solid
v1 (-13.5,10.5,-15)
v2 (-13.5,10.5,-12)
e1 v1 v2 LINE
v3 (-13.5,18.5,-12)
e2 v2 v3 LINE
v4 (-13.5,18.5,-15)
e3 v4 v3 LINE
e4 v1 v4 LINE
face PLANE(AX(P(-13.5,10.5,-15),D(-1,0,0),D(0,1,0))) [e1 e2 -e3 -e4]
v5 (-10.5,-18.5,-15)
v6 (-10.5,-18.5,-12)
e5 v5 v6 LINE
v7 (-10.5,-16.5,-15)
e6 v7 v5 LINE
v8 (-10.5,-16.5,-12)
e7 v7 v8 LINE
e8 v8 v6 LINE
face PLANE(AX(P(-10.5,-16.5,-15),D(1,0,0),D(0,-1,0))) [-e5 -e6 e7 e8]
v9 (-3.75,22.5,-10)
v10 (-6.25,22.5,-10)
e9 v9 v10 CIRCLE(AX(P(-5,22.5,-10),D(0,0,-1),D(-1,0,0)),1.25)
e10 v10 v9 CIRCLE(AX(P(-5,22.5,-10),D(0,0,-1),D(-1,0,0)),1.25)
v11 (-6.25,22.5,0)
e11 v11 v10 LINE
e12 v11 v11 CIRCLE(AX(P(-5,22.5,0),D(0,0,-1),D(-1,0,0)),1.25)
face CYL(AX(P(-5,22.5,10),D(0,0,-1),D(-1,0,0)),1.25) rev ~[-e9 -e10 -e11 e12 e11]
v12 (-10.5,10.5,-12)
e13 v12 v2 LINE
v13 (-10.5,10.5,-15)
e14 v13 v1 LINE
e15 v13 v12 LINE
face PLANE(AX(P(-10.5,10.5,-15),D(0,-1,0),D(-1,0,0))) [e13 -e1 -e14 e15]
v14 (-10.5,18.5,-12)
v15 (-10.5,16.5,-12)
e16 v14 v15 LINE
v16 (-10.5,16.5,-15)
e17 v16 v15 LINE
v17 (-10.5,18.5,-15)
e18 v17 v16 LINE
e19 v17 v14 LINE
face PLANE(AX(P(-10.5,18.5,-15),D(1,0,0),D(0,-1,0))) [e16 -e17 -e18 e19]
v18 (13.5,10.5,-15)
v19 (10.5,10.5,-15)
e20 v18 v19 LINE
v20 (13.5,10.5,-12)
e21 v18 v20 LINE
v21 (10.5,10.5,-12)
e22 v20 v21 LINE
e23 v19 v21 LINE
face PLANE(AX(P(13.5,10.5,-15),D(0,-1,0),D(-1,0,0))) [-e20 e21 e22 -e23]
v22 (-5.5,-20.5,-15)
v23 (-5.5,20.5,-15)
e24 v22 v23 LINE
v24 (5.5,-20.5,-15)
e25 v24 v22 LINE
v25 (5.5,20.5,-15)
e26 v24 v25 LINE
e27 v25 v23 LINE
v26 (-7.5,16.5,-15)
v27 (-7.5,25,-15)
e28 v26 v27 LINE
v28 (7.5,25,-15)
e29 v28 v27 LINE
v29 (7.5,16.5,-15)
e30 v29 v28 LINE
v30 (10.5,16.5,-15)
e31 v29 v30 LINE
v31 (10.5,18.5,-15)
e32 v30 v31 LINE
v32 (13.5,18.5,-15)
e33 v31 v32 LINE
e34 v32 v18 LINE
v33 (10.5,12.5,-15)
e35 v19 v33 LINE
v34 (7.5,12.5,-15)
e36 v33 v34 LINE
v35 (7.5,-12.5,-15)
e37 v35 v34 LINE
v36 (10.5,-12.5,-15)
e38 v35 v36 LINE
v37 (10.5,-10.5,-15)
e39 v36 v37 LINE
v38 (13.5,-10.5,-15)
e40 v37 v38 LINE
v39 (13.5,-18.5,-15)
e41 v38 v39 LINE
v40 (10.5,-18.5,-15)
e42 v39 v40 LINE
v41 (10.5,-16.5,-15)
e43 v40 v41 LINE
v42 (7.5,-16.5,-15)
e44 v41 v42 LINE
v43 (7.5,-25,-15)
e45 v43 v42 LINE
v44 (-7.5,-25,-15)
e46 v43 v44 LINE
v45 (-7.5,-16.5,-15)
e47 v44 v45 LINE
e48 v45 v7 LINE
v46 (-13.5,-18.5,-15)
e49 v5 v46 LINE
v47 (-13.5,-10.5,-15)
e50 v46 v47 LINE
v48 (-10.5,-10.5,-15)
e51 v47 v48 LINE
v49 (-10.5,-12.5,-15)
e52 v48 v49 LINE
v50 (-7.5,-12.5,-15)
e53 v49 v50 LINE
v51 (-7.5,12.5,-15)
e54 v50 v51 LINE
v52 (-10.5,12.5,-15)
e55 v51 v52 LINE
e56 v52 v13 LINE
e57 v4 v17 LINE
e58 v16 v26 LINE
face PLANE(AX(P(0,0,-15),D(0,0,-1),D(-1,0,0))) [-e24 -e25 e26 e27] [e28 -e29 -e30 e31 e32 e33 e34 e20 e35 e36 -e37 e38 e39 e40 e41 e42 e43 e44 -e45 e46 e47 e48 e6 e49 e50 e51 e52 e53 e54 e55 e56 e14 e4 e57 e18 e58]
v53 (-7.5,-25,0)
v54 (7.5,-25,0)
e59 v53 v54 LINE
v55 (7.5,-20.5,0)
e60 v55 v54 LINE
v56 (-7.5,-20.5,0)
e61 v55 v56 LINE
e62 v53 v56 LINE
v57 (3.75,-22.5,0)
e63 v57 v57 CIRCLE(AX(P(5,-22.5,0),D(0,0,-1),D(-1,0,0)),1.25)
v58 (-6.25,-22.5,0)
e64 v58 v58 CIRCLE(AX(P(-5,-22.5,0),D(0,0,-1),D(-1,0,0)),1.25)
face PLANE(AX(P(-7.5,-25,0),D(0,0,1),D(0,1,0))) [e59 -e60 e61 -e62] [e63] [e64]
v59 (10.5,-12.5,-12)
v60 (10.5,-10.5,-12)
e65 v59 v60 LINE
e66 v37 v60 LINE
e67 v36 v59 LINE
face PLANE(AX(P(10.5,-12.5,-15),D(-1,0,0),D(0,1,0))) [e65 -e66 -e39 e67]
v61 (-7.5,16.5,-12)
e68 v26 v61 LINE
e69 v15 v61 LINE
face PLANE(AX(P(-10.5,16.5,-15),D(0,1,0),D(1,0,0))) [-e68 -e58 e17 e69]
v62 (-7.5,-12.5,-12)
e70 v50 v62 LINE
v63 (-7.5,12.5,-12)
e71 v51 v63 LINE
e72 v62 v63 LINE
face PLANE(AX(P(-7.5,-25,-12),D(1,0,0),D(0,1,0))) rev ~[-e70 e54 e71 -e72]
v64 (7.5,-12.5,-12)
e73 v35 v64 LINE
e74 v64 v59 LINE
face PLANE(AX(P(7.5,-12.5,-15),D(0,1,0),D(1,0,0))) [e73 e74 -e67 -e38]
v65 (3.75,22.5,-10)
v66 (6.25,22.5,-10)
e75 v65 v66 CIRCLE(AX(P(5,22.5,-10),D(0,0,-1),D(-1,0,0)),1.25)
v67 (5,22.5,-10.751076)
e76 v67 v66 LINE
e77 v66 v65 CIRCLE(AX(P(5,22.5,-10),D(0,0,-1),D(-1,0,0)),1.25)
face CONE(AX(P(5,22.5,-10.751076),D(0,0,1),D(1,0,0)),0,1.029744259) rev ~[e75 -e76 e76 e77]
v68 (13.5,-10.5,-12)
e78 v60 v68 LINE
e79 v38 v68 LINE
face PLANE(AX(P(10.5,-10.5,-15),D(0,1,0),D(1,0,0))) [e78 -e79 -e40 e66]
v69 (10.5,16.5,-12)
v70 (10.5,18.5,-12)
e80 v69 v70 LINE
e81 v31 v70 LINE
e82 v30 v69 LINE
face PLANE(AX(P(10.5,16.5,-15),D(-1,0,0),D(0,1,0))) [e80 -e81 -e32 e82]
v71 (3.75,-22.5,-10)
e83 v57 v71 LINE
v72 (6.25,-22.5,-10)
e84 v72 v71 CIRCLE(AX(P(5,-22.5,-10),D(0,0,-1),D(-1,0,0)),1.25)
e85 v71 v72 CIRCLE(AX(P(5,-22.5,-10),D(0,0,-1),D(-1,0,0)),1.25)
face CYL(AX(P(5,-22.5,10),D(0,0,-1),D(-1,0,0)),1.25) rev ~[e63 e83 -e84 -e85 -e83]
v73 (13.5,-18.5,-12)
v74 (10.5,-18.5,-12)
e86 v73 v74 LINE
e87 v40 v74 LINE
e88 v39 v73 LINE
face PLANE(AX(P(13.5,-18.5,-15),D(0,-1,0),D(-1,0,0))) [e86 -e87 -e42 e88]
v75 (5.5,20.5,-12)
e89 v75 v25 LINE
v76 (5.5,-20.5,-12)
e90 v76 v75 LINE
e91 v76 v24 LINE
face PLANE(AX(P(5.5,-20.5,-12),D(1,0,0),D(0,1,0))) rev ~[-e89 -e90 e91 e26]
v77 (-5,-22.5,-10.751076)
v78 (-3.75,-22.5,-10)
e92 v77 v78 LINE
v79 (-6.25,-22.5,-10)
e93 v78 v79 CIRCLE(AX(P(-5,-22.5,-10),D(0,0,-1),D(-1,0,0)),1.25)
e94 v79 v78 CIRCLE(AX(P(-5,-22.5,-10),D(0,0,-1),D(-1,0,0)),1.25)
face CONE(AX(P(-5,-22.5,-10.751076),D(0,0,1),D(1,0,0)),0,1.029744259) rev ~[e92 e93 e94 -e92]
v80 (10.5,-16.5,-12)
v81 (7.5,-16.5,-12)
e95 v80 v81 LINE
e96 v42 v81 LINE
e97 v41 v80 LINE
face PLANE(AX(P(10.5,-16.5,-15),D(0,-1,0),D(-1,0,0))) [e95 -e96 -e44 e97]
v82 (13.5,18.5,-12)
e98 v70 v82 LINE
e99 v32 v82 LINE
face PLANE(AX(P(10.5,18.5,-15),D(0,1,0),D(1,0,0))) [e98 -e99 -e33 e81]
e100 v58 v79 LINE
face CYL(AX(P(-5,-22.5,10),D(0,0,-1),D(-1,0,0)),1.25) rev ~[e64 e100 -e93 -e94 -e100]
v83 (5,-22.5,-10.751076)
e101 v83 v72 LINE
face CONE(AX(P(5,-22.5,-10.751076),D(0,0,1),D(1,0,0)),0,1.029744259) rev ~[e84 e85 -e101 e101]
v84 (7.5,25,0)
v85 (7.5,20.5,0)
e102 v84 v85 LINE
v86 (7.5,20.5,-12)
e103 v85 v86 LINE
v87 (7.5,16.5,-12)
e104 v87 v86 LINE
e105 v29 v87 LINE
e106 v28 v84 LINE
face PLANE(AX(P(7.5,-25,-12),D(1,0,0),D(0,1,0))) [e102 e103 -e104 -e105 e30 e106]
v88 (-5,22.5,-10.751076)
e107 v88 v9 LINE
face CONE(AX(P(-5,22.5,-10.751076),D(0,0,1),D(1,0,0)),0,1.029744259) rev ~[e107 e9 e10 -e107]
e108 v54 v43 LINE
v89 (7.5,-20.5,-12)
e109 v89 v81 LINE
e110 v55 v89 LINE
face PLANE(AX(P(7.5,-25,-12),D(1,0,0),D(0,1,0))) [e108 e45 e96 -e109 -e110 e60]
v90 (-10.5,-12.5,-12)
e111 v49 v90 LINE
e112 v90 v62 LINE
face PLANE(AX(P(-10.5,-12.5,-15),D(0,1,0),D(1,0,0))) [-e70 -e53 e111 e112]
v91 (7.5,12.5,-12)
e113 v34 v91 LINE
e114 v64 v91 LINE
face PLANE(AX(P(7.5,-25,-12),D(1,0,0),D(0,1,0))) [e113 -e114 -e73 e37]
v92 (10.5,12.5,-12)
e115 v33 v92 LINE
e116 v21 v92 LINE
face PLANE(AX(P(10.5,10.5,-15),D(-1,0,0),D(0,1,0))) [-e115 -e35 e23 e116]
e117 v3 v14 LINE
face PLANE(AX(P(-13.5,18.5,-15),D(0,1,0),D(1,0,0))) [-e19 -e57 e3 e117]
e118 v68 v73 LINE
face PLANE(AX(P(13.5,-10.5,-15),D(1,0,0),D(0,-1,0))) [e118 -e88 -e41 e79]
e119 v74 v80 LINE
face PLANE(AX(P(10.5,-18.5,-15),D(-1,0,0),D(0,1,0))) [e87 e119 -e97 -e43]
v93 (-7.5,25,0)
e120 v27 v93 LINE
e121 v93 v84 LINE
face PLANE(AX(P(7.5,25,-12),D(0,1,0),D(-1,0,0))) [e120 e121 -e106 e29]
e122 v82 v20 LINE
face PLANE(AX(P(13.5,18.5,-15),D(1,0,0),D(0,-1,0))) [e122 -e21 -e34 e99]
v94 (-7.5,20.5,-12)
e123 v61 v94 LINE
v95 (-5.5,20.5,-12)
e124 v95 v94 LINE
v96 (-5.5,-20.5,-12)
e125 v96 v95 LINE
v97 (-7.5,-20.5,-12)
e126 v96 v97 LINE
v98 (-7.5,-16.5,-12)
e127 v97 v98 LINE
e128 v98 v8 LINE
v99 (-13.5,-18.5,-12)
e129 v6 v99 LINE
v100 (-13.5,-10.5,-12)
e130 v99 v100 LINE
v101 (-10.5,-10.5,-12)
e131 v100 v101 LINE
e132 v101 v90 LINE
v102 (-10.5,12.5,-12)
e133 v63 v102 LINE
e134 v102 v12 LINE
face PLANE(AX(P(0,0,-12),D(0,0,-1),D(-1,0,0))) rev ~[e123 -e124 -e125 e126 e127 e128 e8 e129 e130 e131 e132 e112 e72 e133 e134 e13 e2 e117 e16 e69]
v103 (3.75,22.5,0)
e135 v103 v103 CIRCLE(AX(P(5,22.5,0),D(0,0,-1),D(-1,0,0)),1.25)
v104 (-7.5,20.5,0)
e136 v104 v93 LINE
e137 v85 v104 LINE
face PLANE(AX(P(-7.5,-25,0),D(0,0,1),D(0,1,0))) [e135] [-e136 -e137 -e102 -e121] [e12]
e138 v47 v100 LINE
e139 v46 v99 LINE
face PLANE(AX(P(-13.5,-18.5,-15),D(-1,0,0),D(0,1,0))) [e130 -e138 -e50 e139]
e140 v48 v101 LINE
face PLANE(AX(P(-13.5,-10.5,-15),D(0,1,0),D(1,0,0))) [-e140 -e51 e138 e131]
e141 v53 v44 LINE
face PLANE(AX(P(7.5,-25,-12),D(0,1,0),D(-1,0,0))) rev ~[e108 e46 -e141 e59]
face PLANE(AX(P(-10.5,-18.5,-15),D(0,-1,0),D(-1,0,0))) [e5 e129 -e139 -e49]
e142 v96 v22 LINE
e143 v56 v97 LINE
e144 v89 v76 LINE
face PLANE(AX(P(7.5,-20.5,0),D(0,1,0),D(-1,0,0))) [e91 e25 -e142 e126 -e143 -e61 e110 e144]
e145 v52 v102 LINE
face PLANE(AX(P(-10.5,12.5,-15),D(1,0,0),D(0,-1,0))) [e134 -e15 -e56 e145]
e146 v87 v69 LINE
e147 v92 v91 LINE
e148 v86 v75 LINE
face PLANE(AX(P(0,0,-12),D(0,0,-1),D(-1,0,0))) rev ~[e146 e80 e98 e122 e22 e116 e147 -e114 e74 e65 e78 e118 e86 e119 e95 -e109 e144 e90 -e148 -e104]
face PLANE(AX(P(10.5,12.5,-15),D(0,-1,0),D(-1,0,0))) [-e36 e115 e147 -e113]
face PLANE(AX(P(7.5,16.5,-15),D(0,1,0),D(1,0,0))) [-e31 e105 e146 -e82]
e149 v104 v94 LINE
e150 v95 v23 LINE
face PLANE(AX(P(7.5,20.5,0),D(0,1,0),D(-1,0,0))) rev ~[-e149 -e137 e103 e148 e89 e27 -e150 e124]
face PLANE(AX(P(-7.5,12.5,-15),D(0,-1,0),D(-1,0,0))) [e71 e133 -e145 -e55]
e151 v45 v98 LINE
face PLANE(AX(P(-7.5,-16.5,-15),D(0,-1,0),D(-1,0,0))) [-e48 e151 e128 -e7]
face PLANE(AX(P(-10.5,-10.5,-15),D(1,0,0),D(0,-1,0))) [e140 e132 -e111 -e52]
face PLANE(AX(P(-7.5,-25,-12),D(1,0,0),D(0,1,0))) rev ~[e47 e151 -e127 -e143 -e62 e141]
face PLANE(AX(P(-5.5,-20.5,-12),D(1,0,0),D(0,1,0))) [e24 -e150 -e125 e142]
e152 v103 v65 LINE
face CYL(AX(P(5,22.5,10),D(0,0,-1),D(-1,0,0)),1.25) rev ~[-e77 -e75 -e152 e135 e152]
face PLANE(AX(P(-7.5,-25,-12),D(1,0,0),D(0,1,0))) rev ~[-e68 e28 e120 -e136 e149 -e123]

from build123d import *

# Parameters (mm, degrees)
SKETCH_1_W             = 15
SKETCH_1_H             = 50
EXTRUDE_1_DEPTH        = 3
SKETCH_2_W             = 15
SKETCH_2_H             = 4.5
EXTRUDE_2_DEPTH        = 12
SKETCH_3_W             = 15
SKETCH_3_H             = 50
SKETCH_3_W_2           = 11
SKETCH_3_H_2           = 41
EXTRUDE_3_DEPTH        = 3
EXTRUDE_4_DEPTH        = 3
HOLE_WIZARD_M3_1_D     = 2.5
HOLE_WIZARD_M3_1_DEPTH = 3
CUT_EXTRUDE_1_REACH    = 23
SKETCH_8_W             = 3
SKETCH_8_H             = 50
HOLE_WIZARD_M3_2_D     = 2.5
HOLE_WIZARD_M3_2_DEPTH = 10
HOLE_WIZARD_M3_2_TIP   = 0.751075774


with BuildPart() as part:
    # 스케치1 → 보스-돌출1 (new body)
    with BuildSketch(Plane.XY):
        Rectangle(SKETCH_1_W, SKETCH_1_H)
    extrude(amount=EXTRUDE_1_DEPTH)

    # 스케치2 → 보스-돌출2 (add)
    with BuildSketch(Plane(origin=(0, 0, 0), x_dir=(-1, 0, 0), z_dir=(0, 0, -1))):
        with Locations((0, 22.75)):
            Rectangle(SKETCH_2_W, SKETCH_2_H)
        with Locations((0, -22.75)):
            Rectangle(SKETCH_2_W, SKETCH_2_H)
    extrude(amount=EXTRUDE_2_DEPTH)

    # 스케치3 → 보스-돌출3 (add)
    with BuildSketch(Plane(origin=(0, 0, -12), x_dir=(-1, 0, 0), z_dir=(0, 0, -1))):
        Rectangle(SKETCH_3_W, SKETCH_3_H)
        Rectangle(SKETCH_3_W_2, SKETCH_3_H_2, mode=Mode.SUBTRACT)
    extrude(amount=EXTRUDE_3_DEPTH)

    # 스케치5 → 보스-돌출4 (add)
    with BuildSketch(Plane(origin=(0, 0, -15), x_dir=(-1, 0, 0), z_dir=(0, 0, -1))):
        Polygon((-7.5, 16.5), (-10.5, 16.5), (-10.5, 18.5), (-13.5, 18.5), (-13.5, 10.5), (-10.5, 10.5), (-10.5, 12.5), (-7.5, 12.5), align=None)
        Polygon((7.5, 16.5), (7.5, 12.5), (10.5, 12.5), (10.5, 10.5), (13.5, 10.5), (13.5, 18.5), (10.5, 18.5), (10.5, 16.5), align=None)
        Polygon((7.5, -16.5), (10.5, -16.5), (10.5, -18.5), (13.5, -18.5), (13.5, -10.5), (10.5, -10.5), (10.5, -12.5), (7.5, -12.5), align=None)
        Polygon((-7.5, -16.5), (-7.5, -12.5), (-10.5, -12.5), (-10.5, -10.5), (-13.5, -10.5), (-13.5, -18.5), (-10.5, -18.5), (-10.5, -16.5), align=None)
    extrude(amount=-EXTRUDE_4_DEPTH)

    # M3 나사 구멍1
    with Locations(Plane.XY.offset(3)):
        with Locations((0, 5), (0, -5)):
            Hole(HOLE_WIZARD_M3_1_D / 2, depth=HOLE_WIZARD_M3_1_DEPTH)

    # 스케치8 → 컷-돌출1 (cut, up to next)
    with BuildSketch(Plane.ZY.offset(7.5), mode=Mode.PRIVATE) as cut_extrude_1_sk1:
        with Locations((1.5, 0)):
            Rectangle(SKETCH_8_W, SKETCH_8_H)
    cut_extrude_1_tool1 = extrude(cut_extrude_1_sk1.sketch, amount=-CUT_EXTRUDE_1_REACH, mode=Mode.PRIVATE) & part.part
    add(cut_extrude_1_tool1.solids().sort_by_distance((-7.5, 0, 1.5))[0], mode=Mode.SUBTRACT)

    # M3 나사 구멍2
    with Locations(Plane.XY):
        with Locations((-5, 22.5), (5, 22.5), (-5, -22.5), (5, -22.5)):
            Hole(HOLE_WIZARD_M3_2_D / 2, depth=HOLE_WIZARD_M3_2_DEPTH)
            with Locations((0, 0, -(HOLE_WIZARD_M3_2_DEPTH + HOLE_WIZARD_M3_2_TIP / 2))):  # 118° drill point
                Cone(0, HOLE_WIZARD_M3_2_D / 2, HOLE_WIZARD_M3_2_TIP, mode=Mode.SUBTRACT)


solid = part.part
